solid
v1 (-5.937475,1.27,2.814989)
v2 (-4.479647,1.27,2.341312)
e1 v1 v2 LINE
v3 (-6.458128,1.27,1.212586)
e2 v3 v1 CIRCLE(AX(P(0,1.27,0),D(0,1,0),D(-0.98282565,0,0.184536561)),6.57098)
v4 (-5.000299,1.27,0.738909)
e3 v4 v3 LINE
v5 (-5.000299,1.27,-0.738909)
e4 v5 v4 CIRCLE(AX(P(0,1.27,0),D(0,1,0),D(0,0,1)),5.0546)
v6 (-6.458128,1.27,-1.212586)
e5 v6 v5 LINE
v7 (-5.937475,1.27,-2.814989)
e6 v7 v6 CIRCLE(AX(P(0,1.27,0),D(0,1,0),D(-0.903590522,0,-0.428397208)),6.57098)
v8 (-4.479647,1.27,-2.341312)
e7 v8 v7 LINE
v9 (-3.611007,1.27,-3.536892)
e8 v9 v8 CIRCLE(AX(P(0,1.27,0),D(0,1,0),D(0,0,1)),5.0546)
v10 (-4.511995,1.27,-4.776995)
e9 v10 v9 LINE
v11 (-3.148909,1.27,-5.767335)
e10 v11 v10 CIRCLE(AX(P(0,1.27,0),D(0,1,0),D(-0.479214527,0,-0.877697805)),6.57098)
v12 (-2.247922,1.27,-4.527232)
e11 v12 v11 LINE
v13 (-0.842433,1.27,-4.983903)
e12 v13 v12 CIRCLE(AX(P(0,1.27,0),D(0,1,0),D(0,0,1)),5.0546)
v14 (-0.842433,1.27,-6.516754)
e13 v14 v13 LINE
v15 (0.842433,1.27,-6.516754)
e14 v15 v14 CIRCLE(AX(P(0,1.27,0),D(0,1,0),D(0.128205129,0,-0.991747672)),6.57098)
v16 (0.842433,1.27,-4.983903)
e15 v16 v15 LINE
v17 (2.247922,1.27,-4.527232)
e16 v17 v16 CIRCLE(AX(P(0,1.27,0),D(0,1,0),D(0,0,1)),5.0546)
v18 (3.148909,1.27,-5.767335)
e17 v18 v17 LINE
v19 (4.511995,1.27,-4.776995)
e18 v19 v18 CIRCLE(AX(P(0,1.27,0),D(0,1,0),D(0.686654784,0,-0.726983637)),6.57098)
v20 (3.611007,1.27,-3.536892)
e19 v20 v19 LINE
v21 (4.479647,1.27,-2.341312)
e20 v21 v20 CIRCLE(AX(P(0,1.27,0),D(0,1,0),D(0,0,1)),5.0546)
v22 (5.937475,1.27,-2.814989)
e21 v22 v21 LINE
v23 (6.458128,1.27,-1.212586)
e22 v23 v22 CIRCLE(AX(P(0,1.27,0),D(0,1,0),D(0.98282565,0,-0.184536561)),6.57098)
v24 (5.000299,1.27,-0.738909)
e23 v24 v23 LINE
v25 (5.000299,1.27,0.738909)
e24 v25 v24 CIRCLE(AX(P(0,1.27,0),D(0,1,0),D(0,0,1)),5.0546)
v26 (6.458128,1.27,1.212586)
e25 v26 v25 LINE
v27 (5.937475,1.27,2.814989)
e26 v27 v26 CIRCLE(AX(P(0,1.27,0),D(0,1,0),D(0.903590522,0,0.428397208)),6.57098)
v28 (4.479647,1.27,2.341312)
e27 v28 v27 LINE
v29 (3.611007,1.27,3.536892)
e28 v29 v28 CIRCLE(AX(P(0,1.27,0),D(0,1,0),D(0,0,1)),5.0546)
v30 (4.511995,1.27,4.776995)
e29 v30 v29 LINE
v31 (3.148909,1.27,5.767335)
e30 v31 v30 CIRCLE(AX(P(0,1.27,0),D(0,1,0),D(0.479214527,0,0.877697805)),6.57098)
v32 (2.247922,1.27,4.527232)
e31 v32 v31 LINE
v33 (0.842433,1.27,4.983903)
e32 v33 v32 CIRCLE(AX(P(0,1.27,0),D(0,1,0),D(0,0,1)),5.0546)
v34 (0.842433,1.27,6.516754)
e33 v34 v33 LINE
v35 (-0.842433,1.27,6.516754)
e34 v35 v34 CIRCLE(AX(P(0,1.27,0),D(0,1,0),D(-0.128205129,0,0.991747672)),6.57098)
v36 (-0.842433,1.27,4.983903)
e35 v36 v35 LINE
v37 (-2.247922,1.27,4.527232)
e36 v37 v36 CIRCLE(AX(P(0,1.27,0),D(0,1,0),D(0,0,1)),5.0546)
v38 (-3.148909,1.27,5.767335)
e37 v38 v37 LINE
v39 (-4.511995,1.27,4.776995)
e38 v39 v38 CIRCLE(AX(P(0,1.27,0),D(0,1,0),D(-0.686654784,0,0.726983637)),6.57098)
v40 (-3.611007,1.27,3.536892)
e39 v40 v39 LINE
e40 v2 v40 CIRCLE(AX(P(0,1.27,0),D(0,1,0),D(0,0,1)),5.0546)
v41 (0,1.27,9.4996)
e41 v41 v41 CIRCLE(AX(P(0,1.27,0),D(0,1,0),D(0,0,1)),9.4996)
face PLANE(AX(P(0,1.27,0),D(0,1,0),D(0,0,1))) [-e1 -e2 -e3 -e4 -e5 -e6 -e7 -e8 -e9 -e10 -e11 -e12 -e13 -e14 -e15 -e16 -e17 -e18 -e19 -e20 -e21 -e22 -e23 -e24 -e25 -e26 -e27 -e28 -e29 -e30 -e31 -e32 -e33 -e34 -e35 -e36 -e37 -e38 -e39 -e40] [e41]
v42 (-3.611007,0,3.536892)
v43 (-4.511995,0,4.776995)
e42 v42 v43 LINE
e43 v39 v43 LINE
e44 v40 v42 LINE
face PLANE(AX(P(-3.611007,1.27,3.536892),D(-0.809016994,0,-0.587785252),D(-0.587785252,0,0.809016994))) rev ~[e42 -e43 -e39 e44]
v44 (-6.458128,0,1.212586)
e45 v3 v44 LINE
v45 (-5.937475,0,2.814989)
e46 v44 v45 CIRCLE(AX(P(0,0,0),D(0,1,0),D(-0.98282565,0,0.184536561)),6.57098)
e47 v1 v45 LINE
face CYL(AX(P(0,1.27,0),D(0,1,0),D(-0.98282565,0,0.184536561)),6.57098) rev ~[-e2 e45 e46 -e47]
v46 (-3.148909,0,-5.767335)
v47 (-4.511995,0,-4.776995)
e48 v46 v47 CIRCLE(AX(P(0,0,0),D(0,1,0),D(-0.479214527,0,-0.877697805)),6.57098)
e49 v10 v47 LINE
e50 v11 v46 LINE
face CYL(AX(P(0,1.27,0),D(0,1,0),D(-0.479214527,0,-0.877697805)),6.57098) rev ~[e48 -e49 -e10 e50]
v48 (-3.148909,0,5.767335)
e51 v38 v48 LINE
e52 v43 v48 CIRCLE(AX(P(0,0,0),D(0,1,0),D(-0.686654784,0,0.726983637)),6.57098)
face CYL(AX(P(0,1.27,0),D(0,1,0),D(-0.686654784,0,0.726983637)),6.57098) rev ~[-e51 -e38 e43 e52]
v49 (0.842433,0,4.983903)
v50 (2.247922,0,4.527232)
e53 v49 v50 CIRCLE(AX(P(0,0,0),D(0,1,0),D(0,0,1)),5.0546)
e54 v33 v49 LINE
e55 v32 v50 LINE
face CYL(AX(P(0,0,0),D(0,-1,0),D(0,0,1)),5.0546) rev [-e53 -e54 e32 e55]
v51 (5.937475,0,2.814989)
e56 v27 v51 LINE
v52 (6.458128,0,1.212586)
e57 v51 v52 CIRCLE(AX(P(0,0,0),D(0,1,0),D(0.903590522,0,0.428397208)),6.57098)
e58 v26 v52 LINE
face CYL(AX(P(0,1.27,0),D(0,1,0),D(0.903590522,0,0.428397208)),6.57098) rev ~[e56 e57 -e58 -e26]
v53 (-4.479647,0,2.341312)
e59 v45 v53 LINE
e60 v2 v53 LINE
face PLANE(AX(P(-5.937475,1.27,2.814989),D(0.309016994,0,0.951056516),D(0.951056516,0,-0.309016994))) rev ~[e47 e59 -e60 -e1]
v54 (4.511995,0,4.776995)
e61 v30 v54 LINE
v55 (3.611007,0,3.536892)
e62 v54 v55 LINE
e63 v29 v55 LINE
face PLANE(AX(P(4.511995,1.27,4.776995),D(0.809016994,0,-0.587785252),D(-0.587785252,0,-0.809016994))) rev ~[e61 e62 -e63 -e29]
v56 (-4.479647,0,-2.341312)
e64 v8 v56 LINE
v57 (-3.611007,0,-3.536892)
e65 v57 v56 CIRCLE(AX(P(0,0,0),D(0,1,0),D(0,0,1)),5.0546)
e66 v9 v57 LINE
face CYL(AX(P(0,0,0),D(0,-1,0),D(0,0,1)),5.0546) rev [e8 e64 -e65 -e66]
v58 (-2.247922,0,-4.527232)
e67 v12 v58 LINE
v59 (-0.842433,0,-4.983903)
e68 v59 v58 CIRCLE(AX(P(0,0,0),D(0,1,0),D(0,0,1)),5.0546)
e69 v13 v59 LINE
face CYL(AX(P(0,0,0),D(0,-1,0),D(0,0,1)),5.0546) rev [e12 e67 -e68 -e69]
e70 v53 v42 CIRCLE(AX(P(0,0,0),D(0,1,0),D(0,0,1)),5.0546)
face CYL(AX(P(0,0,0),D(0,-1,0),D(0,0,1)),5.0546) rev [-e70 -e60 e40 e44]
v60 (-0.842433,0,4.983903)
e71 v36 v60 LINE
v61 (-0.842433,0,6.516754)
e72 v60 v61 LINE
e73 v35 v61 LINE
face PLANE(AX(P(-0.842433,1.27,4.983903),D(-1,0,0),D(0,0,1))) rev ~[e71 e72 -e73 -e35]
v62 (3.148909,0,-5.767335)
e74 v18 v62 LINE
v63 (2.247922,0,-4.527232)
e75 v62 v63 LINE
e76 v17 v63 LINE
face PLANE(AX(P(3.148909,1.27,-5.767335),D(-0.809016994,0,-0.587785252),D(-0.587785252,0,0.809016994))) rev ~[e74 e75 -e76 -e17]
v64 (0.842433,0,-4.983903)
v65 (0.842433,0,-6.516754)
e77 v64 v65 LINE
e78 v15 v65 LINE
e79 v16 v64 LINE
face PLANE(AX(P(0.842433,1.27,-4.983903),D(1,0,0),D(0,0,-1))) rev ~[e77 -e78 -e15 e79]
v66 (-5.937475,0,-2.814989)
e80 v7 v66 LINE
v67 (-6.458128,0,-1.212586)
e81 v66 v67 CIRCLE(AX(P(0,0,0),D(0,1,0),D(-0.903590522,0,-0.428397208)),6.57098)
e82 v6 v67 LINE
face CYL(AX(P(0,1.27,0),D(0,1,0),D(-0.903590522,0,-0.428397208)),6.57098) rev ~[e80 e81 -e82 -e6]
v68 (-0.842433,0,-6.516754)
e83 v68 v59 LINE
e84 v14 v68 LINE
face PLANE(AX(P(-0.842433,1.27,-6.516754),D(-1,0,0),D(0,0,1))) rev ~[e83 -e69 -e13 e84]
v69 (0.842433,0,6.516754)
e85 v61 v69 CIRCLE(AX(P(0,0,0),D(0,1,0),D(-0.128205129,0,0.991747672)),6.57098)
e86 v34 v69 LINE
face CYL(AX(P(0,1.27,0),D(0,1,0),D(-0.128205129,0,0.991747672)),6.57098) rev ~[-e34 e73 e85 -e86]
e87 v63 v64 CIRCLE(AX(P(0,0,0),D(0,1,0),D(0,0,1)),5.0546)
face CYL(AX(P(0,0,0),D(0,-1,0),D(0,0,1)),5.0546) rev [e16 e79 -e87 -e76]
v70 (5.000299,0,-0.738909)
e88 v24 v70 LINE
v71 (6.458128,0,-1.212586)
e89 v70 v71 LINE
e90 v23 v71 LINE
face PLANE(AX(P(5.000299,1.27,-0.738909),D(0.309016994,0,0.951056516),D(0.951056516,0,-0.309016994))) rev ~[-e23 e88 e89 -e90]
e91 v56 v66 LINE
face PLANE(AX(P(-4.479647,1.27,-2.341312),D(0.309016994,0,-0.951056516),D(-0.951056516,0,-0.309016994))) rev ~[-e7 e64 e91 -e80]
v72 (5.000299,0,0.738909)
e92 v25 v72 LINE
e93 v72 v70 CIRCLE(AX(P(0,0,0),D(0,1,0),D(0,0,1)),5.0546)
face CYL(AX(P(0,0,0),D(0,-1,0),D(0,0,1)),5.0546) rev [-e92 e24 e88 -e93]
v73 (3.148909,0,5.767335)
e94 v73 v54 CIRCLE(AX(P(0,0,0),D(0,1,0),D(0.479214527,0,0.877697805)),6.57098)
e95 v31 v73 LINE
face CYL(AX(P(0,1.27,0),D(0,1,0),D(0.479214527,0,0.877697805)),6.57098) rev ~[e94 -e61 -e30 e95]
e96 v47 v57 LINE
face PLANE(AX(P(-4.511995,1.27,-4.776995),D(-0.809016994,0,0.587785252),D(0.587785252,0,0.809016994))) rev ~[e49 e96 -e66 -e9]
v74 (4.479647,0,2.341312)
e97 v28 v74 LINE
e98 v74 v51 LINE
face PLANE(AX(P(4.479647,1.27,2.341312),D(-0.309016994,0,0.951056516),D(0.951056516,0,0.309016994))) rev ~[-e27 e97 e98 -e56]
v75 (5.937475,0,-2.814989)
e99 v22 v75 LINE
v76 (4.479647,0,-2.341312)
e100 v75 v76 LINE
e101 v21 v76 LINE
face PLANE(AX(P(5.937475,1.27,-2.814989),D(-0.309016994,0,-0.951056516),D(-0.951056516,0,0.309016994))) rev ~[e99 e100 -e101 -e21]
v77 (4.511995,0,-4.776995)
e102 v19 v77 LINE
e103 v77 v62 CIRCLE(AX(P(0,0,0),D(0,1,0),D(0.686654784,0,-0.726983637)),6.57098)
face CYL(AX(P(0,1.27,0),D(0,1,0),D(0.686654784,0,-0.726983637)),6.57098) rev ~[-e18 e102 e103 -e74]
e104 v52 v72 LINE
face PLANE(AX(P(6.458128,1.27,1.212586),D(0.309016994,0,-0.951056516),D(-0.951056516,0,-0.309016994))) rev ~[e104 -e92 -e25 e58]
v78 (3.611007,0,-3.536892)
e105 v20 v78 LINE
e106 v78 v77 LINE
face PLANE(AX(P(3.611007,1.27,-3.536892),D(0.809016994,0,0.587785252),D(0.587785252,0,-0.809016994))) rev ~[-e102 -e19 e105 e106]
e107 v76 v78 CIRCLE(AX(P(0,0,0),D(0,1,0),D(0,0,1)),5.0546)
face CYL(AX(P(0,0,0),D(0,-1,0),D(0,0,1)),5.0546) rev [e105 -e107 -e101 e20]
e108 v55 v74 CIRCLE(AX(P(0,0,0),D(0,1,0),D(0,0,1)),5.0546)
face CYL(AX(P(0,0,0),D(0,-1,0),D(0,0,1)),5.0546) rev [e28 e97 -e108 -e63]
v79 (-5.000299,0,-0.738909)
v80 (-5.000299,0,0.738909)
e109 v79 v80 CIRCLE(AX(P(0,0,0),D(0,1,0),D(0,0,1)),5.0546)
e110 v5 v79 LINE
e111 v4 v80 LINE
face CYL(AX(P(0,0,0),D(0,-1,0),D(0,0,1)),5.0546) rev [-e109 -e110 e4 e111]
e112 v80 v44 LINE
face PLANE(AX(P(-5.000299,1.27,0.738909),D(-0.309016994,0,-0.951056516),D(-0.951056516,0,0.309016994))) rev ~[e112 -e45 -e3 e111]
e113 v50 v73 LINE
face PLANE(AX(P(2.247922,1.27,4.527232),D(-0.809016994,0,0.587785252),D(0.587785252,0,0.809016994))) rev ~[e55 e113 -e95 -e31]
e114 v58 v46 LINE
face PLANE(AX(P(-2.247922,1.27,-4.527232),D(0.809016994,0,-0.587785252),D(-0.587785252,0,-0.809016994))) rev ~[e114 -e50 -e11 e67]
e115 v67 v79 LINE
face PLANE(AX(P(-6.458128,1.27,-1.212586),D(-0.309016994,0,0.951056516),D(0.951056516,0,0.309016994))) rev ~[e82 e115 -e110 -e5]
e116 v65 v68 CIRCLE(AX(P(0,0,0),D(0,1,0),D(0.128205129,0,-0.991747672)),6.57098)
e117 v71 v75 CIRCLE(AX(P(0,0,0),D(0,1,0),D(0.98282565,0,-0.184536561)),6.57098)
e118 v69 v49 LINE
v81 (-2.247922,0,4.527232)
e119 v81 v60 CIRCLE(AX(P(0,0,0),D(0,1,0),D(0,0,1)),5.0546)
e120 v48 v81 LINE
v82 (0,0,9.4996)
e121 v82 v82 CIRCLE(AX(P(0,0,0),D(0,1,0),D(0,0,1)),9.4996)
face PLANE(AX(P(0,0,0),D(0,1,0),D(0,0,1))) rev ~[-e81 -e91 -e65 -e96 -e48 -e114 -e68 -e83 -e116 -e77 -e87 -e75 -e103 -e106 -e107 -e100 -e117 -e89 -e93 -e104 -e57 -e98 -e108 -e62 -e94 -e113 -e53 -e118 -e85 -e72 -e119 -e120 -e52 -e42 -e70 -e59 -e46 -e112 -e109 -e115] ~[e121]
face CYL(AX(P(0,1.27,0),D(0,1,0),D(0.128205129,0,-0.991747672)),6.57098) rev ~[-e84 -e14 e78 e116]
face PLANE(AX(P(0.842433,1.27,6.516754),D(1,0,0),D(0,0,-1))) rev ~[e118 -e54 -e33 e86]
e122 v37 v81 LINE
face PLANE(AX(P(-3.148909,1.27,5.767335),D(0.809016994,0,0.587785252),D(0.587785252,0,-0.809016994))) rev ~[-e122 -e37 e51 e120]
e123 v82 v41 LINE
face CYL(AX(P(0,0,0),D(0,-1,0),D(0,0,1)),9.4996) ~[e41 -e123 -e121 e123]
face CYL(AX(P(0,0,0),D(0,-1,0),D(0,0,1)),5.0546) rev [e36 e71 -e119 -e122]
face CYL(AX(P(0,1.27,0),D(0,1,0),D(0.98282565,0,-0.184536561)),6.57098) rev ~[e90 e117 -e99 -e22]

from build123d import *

# Parameters (mm, degrees)
SKETCH1_R          = 9.4996
SKETCH1_R_2        = 5.0546
EXTRUDE1_DEPTH     = 1.27
CUT_EXTRUDE1_DEPTH = 14.494358092
CIRPATTERN1_COUNT  = 10


with BuildPart() as part:
    # Sketch1 → Extrude1 (new body)
    with BuildSketch(Plane(origin=(0, 0, 0), x_dir=(1, 0, 0), z_dir=(0, 1, 0))):
        Circle(SKETCH1_R)
        Circle(SKETCH1_R_2, mode=Mode.SUBTRACT)
    extrude(amount=EXTRUDE1_DEPTH)

    # Sketch2 → Cut-Extrude1 (cut, through all)
    with BuildSketch(Plane(origin=(0, 1.27, 0), x_dir=(-1, 0, 0), z_dir=(0, 1, 0))):
        with BuildLine():
            Line((-0.842433333, 6.516754118), (-0.842433333, 4.983902812))
            ThreePointArc((-0.842433333, 4.983902812), (0, 5.0546), (0.842433333, 4.983902812))
            Line((0.842433333, 4.983902812), (0.842433333, 6.516754118))
            ThreePointArc((0.842433333, 6.516754118), (0, 6.57098), (-0.842433333, 6.516754118))
        make_face()
    cut_extrude1 = extrude(amount=-CUT_EXTRUDE1_DEPTH, mode=Mode.SUBTRACT)

    # CirPattern1: Cut-Extrude1 ×10 about axis
    cirpattern1_axis = Axis((0, 8.866745684, 0), (0, -1, 0))
    for i in range(1, CIRPATTERN1_COUNT):
        add(cut_extrude1.rotate(cirpattern1_axis, i * 360 / CIRPATTERN1_COUNT), mode=Mode.SUBTRACT)


solid = part.part
